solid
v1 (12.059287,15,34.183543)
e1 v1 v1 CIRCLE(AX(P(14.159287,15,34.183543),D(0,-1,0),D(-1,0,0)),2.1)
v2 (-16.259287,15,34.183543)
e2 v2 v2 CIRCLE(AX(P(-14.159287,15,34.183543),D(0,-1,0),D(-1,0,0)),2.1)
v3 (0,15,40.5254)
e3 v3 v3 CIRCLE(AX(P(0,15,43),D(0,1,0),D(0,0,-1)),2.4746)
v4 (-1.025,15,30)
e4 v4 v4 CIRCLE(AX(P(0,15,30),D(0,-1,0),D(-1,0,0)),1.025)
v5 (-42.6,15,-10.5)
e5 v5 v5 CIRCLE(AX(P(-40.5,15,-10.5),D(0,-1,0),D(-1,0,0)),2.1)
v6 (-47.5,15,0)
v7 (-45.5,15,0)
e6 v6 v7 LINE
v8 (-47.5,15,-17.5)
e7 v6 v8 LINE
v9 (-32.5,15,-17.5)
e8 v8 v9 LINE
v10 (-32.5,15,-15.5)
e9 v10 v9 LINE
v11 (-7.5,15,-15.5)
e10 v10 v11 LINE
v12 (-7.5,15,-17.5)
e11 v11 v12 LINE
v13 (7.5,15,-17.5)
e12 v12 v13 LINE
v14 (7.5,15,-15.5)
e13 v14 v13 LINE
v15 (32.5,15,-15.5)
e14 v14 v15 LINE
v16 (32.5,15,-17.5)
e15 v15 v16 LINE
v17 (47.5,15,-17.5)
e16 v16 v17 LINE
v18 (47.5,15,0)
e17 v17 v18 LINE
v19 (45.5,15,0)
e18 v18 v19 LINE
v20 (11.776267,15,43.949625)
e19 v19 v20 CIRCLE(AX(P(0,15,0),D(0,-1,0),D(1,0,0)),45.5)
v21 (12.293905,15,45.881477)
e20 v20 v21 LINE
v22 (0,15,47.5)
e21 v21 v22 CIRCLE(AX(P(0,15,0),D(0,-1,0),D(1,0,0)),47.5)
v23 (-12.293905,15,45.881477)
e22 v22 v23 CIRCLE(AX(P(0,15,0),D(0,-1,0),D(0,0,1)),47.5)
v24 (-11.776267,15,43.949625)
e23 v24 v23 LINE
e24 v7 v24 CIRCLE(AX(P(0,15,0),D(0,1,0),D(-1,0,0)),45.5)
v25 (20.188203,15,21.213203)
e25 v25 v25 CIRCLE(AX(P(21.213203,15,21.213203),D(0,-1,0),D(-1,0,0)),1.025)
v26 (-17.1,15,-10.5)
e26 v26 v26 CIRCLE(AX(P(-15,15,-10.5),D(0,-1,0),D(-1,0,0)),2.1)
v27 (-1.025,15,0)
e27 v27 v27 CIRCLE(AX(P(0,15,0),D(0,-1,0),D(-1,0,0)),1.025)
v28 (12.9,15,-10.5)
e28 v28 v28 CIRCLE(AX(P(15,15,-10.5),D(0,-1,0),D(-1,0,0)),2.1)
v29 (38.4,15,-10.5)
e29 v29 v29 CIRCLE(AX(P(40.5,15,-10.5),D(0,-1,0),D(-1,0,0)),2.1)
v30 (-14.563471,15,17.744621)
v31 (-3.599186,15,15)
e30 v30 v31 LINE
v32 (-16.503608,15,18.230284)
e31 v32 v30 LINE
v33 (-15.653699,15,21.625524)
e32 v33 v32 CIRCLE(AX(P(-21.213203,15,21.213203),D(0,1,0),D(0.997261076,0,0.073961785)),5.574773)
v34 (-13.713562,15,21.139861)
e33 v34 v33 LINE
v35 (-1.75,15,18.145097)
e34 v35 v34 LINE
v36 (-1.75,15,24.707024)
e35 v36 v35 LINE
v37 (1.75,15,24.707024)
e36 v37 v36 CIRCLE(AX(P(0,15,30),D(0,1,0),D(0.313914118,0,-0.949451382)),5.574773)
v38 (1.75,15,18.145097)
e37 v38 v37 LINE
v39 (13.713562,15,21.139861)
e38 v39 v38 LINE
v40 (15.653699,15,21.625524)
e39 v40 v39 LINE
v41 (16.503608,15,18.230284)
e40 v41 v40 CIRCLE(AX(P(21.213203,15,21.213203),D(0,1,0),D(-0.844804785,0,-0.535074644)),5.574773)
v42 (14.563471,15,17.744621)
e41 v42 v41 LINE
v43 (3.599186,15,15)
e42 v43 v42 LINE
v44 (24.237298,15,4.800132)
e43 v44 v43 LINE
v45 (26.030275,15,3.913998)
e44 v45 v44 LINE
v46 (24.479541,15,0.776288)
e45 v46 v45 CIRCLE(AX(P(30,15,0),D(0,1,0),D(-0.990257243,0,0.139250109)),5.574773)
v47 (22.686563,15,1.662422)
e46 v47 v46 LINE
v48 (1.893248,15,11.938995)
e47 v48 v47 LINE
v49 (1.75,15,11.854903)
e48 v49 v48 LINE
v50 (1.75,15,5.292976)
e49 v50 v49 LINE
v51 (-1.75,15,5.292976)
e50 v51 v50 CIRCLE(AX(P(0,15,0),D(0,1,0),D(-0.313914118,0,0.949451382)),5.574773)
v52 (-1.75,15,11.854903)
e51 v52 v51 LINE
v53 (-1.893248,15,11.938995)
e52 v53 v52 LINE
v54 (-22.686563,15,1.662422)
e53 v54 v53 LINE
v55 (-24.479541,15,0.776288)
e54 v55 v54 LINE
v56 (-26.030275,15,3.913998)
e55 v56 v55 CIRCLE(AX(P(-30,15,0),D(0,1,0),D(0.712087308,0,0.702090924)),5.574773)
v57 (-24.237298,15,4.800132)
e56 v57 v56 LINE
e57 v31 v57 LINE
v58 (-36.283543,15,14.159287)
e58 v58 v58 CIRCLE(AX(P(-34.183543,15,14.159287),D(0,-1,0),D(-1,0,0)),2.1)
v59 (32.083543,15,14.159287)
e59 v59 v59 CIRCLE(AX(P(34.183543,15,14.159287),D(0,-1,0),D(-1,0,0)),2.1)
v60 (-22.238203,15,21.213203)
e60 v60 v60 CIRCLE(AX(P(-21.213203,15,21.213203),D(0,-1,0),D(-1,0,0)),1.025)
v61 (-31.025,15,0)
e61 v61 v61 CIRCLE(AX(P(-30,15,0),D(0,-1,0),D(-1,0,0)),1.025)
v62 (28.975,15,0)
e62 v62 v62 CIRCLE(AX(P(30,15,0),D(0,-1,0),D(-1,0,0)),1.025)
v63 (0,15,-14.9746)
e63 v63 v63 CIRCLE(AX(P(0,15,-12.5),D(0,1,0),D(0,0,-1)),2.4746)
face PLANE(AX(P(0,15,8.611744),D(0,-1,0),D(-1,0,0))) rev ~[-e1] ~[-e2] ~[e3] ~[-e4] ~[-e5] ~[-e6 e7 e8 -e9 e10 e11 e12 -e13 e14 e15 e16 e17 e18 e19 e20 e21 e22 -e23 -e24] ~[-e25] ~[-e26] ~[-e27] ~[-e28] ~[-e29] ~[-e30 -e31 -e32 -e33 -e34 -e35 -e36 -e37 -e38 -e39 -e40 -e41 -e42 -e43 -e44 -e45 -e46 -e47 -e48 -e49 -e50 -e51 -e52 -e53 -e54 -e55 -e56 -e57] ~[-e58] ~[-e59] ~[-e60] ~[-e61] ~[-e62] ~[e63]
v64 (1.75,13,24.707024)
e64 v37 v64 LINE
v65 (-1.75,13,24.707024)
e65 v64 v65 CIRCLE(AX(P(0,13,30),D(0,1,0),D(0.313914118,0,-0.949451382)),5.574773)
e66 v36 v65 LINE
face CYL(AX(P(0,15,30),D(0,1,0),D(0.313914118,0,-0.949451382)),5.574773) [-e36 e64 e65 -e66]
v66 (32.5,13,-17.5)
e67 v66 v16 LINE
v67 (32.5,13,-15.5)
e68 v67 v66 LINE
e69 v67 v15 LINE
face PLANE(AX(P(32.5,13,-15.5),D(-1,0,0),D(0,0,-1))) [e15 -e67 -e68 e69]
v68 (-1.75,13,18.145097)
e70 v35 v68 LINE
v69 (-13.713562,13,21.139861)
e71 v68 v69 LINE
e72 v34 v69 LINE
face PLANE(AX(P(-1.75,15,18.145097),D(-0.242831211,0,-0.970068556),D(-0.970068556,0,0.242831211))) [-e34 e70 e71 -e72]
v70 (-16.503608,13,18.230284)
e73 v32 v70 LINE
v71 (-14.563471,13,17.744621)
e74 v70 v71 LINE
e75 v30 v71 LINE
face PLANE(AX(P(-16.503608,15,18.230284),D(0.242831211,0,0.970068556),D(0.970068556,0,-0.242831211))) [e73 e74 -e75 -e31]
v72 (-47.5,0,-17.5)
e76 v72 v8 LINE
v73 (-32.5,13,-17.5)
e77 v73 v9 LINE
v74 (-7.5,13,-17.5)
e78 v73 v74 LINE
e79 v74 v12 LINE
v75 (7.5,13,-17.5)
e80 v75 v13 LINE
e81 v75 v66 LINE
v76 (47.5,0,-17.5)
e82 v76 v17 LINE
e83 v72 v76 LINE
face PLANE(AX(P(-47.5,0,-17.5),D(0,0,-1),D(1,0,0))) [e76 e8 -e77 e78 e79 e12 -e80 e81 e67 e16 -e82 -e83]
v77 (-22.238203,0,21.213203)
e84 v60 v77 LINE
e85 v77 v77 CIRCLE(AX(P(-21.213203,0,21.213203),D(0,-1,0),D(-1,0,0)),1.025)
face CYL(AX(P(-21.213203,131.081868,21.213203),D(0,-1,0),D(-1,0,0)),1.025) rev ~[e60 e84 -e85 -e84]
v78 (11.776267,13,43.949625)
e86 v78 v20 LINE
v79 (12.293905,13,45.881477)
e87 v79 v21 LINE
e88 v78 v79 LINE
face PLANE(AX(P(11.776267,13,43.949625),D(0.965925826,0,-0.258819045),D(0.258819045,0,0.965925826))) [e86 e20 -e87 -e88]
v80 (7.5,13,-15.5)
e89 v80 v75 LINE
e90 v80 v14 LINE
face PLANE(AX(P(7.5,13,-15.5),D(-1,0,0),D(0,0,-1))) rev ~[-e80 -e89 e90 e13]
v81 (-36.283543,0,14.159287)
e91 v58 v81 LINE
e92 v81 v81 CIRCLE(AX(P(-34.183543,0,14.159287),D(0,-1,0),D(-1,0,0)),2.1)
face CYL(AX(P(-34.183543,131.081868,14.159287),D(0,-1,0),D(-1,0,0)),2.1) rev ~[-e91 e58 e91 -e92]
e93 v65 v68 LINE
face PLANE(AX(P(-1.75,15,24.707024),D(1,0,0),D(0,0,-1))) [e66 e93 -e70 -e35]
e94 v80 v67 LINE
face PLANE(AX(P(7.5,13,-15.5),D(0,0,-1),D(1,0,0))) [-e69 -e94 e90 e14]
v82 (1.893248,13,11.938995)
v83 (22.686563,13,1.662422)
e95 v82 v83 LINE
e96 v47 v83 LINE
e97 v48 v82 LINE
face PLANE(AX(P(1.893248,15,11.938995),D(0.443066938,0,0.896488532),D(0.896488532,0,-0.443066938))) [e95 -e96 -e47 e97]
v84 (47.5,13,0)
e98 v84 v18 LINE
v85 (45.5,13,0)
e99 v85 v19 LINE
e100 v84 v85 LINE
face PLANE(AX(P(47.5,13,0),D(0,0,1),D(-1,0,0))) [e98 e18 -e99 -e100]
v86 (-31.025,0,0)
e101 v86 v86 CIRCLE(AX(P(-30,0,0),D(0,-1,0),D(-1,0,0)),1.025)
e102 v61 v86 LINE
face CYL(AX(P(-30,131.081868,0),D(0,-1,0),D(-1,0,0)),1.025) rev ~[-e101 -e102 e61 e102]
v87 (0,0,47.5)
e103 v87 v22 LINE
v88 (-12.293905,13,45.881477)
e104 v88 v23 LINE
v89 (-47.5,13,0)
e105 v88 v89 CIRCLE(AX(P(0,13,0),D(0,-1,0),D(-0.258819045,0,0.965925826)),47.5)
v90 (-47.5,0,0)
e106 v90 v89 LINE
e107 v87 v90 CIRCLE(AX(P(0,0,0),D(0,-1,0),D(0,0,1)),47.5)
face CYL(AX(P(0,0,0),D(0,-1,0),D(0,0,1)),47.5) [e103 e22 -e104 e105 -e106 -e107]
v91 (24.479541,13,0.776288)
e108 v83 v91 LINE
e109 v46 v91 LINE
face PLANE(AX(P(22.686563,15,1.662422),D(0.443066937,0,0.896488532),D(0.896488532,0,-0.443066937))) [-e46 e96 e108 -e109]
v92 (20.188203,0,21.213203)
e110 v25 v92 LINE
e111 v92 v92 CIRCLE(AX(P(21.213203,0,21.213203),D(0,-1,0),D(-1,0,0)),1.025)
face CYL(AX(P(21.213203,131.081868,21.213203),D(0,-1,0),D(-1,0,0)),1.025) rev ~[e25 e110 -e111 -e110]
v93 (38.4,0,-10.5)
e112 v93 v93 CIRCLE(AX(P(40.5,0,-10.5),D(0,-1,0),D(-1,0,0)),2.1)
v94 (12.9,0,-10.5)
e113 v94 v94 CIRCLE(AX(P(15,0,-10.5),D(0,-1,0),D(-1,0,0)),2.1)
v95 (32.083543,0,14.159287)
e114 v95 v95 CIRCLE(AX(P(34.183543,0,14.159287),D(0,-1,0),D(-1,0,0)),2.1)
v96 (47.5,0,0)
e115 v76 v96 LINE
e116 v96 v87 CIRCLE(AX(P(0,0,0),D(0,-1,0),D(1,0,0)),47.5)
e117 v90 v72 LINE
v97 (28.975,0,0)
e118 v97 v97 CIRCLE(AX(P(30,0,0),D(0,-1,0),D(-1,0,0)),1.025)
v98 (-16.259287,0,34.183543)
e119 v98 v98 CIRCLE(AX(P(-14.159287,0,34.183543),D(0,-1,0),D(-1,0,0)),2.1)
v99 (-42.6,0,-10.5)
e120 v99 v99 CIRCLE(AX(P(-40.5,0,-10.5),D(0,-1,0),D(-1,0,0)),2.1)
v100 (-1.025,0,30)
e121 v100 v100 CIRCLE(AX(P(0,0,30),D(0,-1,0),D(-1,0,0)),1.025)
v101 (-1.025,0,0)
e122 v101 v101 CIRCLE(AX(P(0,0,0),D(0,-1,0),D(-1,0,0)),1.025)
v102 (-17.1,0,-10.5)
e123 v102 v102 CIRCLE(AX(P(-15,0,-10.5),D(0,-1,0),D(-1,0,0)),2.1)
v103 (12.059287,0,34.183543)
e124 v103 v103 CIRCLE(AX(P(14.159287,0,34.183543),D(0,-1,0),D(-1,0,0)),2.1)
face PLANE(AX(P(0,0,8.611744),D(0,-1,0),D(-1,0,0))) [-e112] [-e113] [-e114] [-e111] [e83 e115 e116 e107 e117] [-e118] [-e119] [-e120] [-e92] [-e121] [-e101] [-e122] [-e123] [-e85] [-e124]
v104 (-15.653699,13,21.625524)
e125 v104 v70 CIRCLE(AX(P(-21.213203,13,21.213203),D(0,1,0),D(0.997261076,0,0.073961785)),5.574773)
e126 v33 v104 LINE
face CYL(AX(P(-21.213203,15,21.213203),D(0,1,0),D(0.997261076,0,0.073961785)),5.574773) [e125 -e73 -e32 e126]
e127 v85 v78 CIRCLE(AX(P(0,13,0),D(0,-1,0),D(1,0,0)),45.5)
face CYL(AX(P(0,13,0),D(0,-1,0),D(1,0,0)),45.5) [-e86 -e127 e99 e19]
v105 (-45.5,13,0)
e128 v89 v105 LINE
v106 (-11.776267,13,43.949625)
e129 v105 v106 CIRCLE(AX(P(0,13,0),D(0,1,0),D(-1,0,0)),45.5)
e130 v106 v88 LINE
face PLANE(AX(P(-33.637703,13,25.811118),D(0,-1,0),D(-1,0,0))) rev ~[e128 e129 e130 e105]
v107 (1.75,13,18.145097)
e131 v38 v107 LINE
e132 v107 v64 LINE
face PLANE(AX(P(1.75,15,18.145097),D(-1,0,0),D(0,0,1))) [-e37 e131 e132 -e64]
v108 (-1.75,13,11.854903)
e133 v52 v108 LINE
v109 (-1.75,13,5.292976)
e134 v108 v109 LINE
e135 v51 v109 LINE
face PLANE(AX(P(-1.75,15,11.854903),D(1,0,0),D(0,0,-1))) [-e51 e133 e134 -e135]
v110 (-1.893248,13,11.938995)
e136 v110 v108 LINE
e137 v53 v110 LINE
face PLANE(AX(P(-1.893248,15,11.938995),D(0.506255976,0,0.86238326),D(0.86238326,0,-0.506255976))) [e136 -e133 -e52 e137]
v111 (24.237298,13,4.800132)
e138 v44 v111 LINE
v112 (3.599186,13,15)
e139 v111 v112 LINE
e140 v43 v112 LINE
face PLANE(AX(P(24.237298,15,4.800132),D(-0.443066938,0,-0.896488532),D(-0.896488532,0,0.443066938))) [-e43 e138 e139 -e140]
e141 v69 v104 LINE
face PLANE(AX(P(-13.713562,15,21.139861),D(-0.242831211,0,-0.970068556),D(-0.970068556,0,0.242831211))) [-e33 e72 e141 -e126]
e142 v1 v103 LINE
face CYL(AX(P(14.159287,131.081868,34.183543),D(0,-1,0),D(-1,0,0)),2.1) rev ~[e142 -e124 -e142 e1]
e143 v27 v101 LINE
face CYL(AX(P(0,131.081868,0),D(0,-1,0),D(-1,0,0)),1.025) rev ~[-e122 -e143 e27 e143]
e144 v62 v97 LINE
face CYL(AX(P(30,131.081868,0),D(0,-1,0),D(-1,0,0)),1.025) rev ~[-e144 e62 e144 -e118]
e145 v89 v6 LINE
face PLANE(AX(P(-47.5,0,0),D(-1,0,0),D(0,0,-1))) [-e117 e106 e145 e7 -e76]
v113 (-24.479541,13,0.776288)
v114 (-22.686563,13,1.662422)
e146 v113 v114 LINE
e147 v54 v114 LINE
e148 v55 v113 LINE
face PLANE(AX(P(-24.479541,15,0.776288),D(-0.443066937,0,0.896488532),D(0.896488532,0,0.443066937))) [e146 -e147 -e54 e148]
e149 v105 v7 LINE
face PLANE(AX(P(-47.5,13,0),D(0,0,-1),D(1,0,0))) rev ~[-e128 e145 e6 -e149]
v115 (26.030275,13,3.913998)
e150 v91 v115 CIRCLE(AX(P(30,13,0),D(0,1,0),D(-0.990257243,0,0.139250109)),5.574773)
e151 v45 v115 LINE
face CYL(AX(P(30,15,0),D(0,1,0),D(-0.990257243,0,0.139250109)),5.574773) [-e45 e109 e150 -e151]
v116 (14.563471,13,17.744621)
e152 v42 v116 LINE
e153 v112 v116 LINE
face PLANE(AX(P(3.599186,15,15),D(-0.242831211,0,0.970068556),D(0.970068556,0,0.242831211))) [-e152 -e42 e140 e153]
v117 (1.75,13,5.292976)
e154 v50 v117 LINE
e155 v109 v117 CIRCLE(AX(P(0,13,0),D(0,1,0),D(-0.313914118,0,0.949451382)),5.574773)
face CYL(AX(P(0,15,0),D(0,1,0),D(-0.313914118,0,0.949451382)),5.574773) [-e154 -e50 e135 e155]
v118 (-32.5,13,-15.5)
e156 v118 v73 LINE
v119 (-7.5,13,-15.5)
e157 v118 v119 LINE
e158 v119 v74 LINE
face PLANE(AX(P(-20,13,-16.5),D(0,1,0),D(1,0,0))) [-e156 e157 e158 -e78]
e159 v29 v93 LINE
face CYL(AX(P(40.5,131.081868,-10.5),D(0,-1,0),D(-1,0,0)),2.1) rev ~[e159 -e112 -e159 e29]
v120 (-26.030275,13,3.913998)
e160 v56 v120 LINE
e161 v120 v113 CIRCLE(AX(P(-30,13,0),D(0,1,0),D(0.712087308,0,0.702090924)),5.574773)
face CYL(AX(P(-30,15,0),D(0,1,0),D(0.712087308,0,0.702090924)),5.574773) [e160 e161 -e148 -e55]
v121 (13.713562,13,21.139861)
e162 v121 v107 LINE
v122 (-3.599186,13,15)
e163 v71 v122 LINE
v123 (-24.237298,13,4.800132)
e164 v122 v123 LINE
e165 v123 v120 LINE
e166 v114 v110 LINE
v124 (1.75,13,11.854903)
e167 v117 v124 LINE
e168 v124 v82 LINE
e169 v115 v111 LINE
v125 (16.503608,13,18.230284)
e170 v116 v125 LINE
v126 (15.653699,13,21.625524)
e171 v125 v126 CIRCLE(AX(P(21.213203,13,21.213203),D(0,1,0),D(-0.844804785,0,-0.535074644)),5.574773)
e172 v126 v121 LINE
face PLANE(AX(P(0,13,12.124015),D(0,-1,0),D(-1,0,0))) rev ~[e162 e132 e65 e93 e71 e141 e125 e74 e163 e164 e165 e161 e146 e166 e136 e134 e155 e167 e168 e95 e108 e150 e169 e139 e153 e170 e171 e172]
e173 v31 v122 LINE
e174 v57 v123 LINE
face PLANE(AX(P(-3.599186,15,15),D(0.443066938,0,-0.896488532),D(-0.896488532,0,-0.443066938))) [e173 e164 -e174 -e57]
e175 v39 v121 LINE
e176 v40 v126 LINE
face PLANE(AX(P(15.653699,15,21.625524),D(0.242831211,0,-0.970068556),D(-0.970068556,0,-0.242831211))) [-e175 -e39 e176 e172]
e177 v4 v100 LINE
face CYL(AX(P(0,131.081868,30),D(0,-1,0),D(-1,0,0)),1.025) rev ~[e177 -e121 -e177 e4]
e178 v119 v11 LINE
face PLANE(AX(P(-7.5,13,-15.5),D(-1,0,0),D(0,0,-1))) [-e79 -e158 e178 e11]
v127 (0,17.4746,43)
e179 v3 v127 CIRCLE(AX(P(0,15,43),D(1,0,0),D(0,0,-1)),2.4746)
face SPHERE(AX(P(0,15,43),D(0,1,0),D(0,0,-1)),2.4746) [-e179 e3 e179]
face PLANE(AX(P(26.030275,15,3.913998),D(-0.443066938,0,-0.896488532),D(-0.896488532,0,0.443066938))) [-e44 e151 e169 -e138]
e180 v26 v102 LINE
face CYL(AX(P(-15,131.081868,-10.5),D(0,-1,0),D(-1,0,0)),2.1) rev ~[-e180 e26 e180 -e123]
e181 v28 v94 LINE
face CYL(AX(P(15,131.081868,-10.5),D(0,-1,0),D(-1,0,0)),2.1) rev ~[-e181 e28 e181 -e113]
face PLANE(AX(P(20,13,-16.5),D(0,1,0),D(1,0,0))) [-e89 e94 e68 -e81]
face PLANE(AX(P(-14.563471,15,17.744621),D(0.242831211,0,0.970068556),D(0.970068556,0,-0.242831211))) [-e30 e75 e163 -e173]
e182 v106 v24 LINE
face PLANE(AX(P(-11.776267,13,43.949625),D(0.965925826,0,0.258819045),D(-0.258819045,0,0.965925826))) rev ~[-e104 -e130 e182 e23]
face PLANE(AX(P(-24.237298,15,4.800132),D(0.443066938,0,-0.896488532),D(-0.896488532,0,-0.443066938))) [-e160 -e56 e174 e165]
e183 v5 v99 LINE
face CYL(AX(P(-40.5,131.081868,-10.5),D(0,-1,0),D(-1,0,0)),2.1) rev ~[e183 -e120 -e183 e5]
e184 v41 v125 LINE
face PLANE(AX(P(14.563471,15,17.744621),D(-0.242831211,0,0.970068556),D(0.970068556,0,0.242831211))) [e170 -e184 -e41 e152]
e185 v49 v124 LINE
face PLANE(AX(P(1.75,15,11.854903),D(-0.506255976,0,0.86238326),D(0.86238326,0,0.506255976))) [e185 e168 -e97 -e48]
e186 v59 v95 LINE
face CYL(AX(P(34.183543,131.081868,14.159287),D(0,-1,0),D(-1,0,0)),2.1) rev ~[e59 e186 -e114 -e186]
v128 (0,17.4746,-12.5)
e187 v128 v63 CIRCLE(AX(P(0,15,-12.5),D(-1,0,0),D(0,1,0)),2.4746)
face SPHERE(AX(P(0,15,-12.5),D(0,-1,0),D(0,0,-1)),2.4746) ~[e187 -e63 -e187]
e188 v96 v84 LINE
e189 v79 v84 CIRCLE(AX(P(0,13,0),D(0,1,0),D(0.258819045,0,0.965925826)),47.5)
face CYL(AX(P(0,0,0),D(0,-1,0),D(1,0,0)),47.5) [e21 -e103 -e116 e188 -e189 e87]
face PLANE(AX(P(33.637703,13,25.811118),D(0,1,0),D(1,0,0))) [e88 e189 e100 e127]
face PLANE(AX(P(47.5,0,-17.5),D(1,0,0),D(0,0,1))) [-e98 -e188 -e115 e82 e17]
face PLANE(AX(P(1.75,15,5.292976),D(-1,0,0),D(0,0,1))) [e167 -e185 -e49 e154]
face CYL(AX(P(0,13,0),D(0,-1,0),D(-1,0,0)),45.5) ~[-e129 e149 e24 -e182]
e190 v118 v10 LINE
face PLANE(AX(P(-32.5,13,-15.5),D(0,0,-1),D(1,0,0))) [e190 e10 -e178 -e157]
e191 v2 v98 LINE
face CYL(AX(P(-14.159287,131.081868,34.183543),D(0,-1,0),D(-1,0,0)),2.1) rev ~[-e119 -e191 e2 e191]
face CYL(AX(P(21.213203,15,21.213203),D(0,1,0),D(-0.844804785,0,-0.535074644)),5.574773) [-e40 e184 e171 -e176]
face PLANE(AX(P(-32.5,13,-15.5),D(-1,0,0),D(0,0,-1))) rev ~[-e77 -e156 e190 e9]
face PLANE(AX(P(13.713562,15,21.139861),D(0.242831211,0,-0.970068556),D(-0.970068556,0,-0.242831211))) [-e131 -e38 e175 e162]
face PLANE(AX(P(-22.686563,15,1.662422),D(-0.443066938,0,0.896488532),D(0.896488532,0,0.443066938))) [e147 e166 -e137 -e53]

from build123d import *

# Parameters (mm, degrees)
BOSS_EXTRUDE1_DEPTH      = 15
CUT_EXTRUDE1_DEPTH       = 2
M2_5X0_45_TAPPED_HOLE1_D = 2.05
CUT_EXTRUDE2_START       = -2
SKETCH9_W                = 25
SKETCH9_H                = 2
CUT_EXTRUDE2_DEPTH       = 2
M5X0_8_TAPPED_HOLE1_D    = 4.2


with BuildPart() as part:
    # Sketch1 → Boss-Extrude1 (new body)
    with BuildSketch(Plane(origin=(0, 0, 0), x_dir=(1, 0, 0), z_dir=(0, 1, 0))):
        with BuildLine():
            Line((-47.5, 17.5), (47.5, 17.5))
            Line((47.5, 17.5), (47.5, 0))
            ThreePointArc((47.5, 0), (33.587572106, -33.587572106), (0, -47.5))
            ThreePointArc((0, -47.5), (-33.587572106, -33.587572106), (-47.5, 0))
            Line((-47.5, 0), (-47.5, 17.5))
        make_face()
    extrude(amount=BOSS_EXTRUDE1_DEPTH)

    # Sketch2 → Cut-Extrude1 (cut)
    with BuildSketch(Plane(origin=(0, 15, 0), x_dir=(1, 0, 0), z_dir=(0, 1, 0))):
        with BuildLine():
            Line((13.71356205, -21.139861194), (1.75, -18.14509732))
            Line((1.75, -18.14509732), (1.75, -22.707023927))
            Line((1.75, -22.707023927), (1.75, -24.707023927))
            ThreePointArc((1.75, -24.707023927), (0, -24.425226847), (-1.75, -24.707023927))
            Line((-1.75, -24.707023927), (-1.75, -22.707023927))
            Line((-1.75, -22.707023927), (-1.75, -18.14509732))
            Line((-1.75, -18.14509732), (-13.71356205, -21.139861194))
            Line((-13.71356205, -21.139861194), (-15.653699161, -21.625523616))
            ThreePointArc((-15.653699161, -21.625523616), (-15.805291295, -19.859474518), (-16.503608401, -18.230283671))
            Line((-16.503608401, -18.230283671), (-14.56347129, -17.744621249))
            Line((-14.56347129, -17.744621249), (-3.599185624, -15))
            Line((-3.599185624, -15), (-24.237297726, -4.800131508))
            Line((-24.237297726, -4.800131508), (-26.03027479, -3.913997633))
            ThreePointArc((-26.03027479, -3.913997633), (-25.002279798, -2.469997671), (-24.479540508, -0.77628777))
            Line((-24.479540508, -0.77628777), (-22.686563443, -1.662421645))
            Line((-22.686563443, -1.662421645), (-1.893248081, -11.93899545))
            Line((-1.893248081, -11.93899545), (-1.75, -11.85490268))
            Line((-1.75, -11.85490268), (-1.75, -7.292976073))
            Line((-1.75, -7.292976073), (-1.75, -5.292976073))
            ThreePointArc((-1.75, -5.292976073), (0, -5.574773153), (1.75, -5.292976073))
            Line((1.75, -5.292976073), (1.75, -7.292976073))
            Line((1.75, -7.292976073), (1.75, -11.85490268))
            Line((1.75, -11.85490268), (1.893248081, -11.93899545))
            Line((1.893248081, -11.93899545), (22.686563443, -1.662421645))
            Line((22.686563443, -1.662421645), (24.479540508, -0.77628777))
            ThreePointArc((24.479540508, -0.77628777), (25.002279798, -2.469997671), (26.03027479, -3.913997633))
            Line((26.03027479, -3.913997633), (24.237297726, -4.800131508))
            Line((24.237297726, -4.800131508), (3.599185624, -15))
            Line((3.599185624, -15), (14.56347129, -17.744621249))
            Line((14.56347129, -17.744621249), (16.503608401, -18.230283671))
            ThreePointArc((16.503608401, -18.230283671), (15.805291295, -19.859474518), (15.653699161, -21.625523616))
            Line((15.653699161, -21.625523616), (13.71356205, -21.139861194))
        make_face()
    extrude(amount=-CUT_EXTRUDE1_DEPTH, mode=Mode.SUBTRACT)

    # M2.5x0.45 Tapped Hole1 (through all)
    with Locations(Plane(origin=(0, 15, 0), x_dir=(1, 0, 0), z_dir=(0, 1, 0))):
        with Locations((-30, 0), (0, 0), (30, 0), (21.213203436, -21.213203436), (0, -30), (-21.213203436, -21.213203436)):
            Hole(M2_5X0_45_TAPPED_HOLE1_D / 2)

    # Sketch9 → Cut-Extrude2 (cut)
    with BuildSketch(Plane(origin=(0, 15, 0), x_dir=(1, 0, 0), z_dir=(0, 1, 0)).offset(CUT_EXTRUDE2_START)):
        with Locations((-20, 16.5)):
            Rectangle(SKETCH9_W, SKETCH9_H)
        with Locations((20, 16.5)):
            Rectangle(SKETCH9_W, SKETCH9_H)
        with BuildLine():
            Line((11.776266552, -43.949625096), (12.293904642, -45.881476749))
            ThreePointArc((12.293904642, -45.881476749), (37.684283664, -28.916167878), (47.5, 0))
            Line((47.5, 0), (45.5, 0))
            ThreePointArc((45.5, 0), (36.097576983, -27.69864502), (11.776266552, -43.949625096))
        make_face()
        with BuildLine():
            Line((-47.5, 0), (-45.5, 0))
            ThreePointArc((-45.5, 0), (-36.097576983, -27.69864502), (-11.776266552, -43.949625096))
            Line((-11.776266552, -43.949625096), (-12.293904642, -45.881476749))
            ThreePointArc((-12.293904642, -45.881476749), (-37.684283664, -28.916167878), (-47.5, 0))
        make_face()
    extrude(amount=CUT_EXTRUDE2_DEPTH, mode=Mode.SUBTRACT)

    # M5x0.8 Tapped Hole1 (through all)
    with Locations(Plane(origin=(0, 15, 0), x_dir=(1, 0, 0), z_dir=(0, 1, 0))):
        with Locations((-40.5, 10.5), (-34.183542703, -14.159286998), (34.183542703, -14.159286998), (-14.159286998, -34.183542703), (14.159286998, -34.183542703), (40.5, 10.5), (-15, 10.5), (15, 10.5)):
            Hole(M5X0_8_TAPPED_HOLE1_D / 2)

    # Sketch15 → Revolve2 (revolve)
    with BuildSketch(Plane(origin=(0, 0, 0), x_dir=(0, 0, -1), z_dir=(1, 0, 0))):
        with BuildLine():
            Line((-43, 17.4746), (-43, 15))
            Line((-43, 15), (-40.5254, 15))
            ThreePointArc((-40.5254, 15), (-41.250193559, 16.749806441), (-43, 17.4746))
        make_face()
    revolve(axis=Axis((0, 15, 43), (0, 1, 0)))

    # Sketch17 → Revolve3 (revolve)
    with BuildSketch(Plane(origin=(0, 0, 0), x_dir=(0, 0, -1), z_dir=(1, 0, 0))):
        with BuildLine():
            Line((14.9746, 15), (12.5, 15))
            Line((12.5, 15), (12.5, 17.4746))
            ThreePointArc((12.5, 17.4746), (14.249806441, 16.749806441), (14.9746, 15))
        make_face()
    revolve(axis=Axis((0, 15, -12.5), (0, 1, 0)))


solid = part.part
